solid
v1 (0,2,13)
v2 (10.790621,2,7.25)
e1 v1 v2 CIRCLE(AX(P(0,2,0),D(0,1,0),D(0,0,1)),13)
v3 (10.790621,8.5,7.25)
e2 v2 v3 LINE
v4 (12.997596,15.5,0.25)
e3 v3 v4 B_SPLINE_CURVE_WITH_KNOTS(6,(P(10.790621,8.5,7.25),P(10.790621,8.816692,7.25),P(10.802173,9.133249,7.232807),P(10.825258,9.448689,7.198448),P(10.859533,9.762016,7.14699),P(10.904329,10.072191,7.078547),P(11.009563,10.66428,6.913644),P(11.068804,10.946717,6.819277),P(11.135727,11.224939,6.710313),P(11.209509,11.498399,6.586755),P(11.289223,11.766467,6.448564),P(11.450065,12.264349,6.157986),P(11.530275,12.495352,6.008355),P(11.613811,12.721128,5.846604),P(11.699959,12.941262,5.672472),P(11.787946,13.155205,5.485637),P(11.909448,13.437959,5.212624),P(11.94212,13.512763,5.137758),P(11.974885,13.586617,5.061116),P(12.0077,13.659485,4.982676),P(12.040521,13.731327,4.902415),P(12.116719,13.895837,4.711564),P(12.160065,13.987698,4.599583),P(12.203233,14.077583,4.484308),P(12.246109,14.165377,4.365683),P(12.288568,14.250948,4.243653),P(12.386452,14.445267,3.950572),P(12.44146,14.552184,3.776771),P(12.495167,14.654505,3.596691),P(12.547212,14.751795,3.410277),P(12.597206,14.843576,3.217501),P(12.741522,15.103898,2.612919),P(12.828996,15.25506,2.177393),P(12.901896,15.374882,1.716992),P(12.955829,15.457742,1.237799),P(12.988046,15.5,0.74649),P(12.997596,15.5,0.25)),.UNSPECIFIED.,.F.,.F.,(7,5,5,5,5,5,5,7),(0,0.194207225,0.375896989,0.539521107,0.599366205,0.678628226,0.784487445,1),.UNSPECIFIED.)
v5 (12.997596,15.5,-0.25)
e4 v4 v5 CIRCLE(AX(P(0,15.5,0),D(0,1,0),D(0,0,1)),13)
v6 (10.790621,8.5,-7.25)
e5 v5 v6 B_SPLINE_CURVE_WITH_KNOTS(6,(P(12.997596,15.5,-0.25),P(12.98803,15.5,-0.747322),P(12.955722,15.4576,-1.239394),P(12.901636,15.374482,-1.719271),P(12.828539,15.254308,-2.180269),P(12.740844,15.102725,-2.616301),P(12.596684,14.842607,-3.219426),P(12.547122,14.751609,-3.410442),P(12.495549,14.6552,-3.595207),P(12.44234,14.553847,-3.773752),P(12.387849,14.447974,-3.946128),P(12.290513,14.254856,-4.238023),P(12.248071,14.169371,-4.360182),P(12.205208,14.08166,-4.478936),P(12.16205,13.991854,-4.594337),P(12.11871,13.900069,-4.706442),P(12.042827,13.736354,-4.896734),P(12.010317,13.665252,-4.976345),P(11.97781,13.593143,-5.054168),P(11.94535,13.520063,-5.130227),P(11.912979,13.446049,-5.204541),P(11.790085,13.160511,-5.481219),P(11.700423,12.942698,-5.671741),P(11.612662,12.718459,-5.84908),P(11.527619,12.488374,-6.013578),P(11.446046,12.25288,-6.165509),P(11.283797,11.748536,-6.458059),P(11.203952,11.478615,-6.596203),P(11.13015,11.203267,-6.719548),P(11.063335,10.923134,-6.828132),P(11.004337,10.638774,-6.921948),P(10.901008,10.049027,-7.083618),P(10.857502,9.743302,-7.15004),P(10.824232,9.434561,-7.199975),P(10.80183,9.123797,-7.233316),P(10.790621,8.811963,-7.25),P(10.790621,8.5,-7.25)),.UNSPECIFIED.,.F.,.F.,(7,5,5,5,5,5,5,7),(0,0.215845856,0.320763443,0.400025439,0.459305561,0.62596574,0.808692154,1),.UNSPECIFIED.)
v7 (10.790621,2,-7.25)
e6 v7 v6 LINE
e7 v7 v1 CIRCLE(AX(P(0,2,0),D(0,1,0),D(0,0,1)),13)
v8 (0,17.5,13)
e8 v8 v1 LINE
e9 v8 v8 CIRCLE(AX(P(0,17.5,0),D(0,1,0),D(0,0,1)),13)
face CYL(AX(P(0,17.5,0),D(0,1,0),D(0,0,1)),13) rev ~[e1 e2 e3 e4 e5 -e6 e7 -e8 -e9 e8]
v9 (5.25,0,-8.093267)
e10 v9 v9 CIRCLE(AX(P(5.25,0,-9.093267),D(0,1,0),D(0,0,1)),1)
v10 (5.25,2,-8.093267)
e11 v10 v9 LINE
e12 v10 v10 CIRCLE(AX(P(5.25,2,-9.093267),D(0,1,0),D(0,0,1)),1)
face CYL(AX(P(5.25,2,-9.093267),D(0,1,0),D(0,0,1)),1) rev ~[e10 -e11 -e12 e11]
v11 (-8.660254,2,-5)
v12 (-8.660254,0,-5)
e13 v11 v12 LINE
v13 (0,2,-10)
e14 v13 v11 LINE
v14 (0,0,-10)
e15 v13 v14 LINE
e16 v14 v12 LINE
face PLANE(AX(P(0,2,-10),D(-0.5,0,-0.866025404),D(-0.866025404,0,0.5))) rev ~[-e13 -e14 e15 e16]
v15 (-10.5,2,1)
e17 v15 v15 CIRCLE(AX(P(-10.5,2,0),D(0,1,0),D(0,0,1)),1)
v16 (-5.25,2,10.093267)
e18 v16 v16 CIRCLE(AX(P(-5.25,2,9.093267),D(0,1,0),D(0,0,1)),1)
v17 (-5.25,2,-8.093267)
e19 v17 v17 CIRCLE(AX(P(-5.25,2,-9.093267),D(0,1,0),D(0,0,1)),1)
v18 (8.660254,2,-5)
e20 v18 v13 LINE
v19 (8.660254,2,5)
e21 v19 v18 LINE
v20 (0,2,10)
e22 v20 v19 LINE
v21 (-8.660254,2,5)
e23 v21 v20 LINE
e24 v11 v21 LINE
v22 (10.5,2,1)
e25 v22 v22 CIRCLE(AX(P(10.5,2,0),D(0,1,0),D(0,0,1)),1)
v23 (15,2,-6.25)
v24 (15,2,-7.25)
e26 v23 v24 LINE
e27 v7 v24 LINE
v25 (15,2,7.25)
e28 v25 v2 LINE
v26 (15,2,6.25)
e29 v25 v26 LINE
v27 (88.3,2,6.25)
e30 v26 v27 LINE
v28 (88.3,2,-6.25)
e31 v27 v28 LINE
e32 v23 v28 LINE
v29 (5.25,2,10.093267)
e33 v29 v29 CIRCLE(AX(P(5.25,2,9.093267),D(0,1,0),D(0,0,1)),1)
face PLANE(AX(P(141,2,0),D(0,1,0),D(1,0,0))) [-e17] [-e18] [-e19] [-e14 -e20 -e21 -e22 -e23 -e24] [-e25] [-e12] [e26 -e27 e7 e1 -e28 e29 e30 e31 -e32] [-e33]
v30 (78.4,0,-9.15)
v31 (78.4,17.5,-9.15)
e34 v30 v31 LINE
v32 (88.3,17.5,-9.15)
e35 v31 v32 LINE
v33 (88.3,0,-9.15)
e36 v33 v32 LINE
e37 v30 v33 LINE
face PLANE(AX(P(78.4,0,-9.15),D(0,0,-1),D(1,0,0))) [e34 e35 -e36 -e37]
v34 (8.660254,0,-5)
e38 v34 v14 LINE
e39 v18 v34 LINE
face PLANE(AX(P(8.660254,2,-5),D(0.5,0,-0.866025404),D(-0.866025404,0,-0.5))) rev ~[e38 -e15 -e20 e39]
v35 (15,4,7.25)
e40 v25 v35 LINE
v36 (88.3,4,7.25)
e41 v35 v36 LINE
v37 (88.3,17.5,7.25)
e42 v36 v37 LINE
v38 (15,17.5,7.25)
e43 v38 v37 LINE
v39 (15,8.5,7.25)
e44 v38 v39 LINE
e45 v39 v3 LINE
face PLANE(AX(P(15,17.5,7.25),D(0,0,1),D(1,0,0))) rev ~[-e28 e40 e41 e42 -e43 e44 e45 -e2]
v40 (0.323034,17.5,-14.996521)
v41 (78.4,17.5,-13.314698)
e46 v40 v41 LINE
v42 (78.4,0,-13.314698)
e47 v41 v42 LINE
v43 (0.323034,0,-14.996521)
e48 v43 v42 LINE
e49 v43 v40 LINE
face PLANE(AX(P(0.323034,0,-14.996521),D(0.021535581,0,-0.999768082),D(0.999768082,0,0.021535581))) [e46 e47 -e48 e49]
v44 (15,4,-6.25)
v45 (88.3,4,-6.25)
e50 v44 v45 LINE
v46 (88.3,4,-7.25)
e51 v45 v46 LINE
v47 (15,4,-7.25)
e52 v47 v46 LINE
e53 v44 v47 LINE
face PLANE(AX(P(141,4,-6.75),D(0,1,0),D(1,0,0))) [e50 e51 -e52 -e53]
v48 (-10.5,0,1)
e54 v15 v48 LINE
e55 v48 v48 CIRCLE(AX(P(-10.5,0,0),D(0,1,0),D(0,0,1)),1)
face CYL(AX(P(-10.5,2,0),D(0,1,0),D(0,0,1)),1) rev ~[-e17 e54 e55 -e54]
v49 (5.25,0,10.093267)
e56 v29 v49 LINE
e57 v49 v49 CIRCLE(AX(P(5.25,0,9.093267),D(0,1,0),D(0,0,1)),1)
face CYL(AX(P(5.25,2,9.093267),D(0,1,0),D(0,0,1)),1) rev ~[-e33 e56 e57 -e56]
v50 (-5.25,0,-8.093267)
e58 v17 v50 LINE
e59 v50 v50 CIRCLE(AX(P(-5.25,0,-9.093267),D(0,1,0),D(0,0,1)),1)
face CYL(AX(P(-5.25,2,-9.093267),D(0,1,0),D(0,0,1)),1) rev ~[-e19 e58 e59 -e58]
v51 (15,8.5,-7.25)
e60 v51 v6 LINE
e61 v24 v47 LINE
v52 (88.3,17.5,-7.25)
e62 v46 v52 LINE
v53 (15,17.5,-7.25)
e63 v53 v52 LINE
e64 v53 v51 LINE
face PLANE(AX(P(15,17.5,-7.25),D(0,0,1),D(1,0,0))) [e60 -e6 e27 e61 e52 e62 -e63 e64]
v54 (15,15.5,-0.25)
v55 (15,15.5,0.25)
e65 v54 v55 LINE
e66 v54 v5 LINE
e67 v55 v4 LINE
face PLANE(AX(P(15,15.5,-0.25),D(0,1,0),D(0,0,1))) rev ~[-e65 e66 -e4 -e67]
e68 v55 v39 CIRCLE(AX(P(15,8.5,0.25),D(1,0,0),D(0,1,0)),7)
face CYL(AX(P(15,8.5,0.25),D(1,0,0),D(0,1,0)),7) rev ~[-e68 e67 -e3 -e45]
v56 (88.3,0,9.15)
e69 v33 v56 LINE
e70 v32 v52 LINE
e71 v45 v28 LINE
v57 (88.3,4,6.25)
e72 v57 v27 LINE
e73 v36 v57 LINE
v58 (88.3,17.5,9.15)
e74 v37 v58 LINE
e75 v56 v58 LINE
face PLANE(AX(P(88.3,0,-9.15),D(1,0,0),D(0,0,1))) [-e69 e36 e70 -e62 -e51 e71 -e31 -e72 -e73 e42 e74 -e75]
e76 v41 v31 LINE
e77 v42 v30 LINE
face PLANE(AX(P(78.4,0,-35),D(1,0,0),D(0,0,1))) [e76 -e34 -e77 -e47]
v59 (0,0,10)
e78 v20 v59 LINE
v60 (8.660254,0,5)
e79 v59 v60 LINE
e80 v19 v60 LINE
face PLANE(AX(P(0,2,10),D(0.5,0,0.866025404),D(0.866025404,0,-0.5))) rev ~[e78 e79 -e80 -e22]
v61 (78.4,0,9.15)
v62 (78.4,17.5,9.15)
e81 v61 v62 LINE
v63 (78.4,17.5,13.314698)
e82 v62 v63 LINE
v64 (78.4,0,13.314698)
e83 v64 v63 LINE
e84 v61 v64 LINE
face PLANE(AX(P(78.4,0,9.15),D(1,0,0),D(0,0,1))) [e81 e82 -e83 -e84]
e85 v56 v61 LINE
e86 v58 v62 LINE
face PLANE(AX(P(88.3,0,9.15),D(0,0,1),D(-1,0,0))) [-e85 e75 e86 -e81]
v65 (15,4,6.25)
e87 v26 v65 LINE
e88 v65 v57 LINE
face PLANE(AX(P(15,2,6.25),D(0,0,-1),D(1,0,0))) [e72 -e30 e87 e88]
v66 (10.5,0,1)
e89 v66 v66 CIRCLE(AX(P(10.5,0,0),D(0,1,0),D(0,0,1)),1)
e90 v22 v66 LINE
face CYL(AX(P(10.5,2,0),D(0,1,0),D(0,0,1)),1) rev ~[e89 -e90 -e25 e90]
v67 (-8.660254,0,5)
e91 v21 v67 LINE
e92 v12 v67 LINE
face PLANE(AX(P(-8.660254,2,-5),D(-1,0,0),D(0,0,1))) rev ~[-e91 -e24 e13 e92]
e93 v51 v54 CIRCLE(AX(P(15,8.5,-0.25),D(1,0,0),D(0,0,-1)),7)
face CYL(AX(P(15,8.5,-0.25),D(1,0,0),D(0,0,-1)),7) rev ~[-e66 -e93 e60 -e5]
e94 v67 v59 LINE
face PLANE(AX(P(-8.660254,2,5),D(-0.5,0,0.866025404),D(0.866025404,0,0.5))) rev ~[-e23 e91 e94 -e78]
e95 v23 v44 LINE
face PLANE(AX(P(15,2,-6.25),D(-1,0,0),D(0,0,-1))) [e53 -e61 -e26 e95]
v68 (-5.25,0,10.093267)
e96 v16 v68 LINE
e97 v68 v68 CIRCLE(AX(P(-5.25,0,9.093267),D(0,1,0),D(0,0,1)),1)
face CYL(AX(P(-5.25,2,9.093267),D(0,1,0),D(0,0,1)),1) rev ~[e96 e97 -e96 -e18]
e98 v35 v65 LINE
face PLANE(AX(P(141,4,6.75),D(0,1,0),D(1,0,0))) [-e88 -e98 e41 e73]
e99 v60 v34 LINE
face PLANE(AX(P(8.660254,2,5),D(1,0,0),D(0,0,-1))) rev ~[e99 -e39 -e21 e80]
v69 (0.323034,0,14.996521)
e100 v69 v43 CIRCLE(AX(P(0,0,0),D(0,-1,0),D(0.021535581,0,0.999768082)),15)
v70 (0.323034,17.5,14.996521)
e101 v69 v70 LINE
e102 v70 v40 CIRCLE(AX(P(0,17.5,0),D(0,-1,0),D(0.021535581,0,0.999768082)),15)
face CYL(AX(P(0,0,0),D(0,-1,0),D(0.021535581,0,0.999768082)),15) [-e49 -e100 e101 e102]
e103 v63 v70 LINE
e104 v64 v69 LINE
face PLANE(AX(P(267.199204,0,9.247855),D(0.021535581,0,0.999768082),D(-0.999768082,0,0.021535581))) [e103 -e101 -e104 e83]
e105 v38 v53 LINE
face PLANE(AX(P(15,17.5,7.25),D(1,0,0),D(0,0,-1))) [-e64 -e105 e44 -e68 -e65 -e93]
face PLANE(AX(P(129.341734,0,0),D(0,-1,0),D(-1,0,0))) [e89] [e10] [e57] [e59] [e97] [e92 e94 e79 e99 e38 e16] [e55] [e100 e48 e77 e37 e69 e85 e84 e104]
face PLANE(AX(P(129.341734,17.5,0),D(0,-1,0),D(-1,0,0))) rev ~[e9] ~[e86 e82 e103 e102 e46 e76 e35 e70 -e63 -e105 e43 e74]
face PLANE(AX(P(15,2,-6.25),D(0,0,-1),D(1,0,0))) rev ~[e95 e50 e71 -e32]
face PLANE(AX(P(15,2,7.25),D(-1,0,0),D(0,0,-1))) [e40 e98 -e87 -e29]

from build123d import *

# Parameters (mm, degrees)
BOSS_EXTRUDE1_DEPTH     = 17.5
SKETCH2_W               = 252
SKETCH2_H               = 14.5
CUT_EXTRUDE1_DEPTH      = 15.5
SKETCH3_R               = 13
CUT_EXTRUDE2_DEPTH      = 15.5
CUT_EXTRUDE3_REACH      = 264.265
CUT_EXTRUDE3_END_RADIUS = 13
SKETCH5_W               = 252
SKETCH5_H               = 1
BOSS_EXTRUDE2_DEPTH     = 2
SKETCH6_R               = 1
CUT_EXTRUDE4_DEPTH      = 2
CUT_EXTRUDE9_DEPTH      = 278.209870862


with BuildPart() as part:
    # Sketch1 → Boss-Extrude1 (new body)
    with BuildSketch(Plane(origin=(0, 0, 0), x_dir=(1, 0, 0), z_dir=(0, 1, 0))):
        with BuildLine():
            Line((0.323033708, 14.996521237), (267.19920412, 9.247854763))
            ThreePointArc((267.19920412, 9.247854763), (276.25, 0), (267.19920412, -9.247854763))
            Line((267.19920412, -9.247854763), (0.323033708, -14.996521237))
            ThreePointArc((0.323033708, -14.996521237), (-15, 0), (0.323033708, 14.996521237))
        make_face()
    extrude(amount=BOSS_EXTRUDE1_DEPTH)

    # Sketch2 → Cut-Extrude1 (cut)
    with BuildSketch(Plane(origin=(0, 17.5, 0), x_dir=(1, 0, 0), z_dir=(0, 1, 0))):
        with Locations((141, 0)):
            Rectangle(SKETCH2_W, SKETCH2_H)
    extrude(amount=-CUT_EXTRUDE1_DEPTH, mode=Mode.SUBTRACT)

    # Sketch3 → Cut-Extrude2 (cut)
    with BuildSketch(Plane(origin=(0, 17.5, 0), x_dir=(1, 0, 0), z_dir=(0, 1, 0))):
        with Locations(Location((0, 0, 0), (0, 0, 270))):
            Circle(SKETCH3_R)
    extrude(amount=-CUT_EXTRUDE2_DEPTH, mode=Mode.SUBTRACT)

    # Cut-Extrude3: up to this cylinder (the profile starts outside it)
    cut_extrude3_end = Plane(origin=(0, 8.125709, 0), z_dir=(0, 1, 0)) * Cylinder(CUT_EXTRUDE3_END_RADIUS, 555.53, mode=Mode.PRIVATE)
    # Sketch4 → Cut-Extrude3 (cut, up to the surface)
    with BuildSketch(Plane(origin=(15, 0, 0), x_dir=(0, 0, -1), z_dir=(1, 0, 0)), mode=Mode.PRIVATE) as cut_extrude3_sk1:
        with BuildLine():
            Line((-7.25, 2), (7.25, 2))
            Line((7.25, 2), (7.25, 8.5))
            ThreePointArc((7.25, 8.5), (5.199747468, 13.449747468), (0.25, 15.5))
            Line((0.25, 15.5), (-0.25, 15.5))
            ThreePointArc((-0.25, 15.5), (-5.199747468, 13.449747468), (-7.25, 8.5))
            Line((-7.25, 8.5), (-7.25, 2))
        make_face()
    cut_extrude3_tool1 = extrude(cut_extrude3_sk1.sketch, amount=-CUT_EXTRUDE3_REACH, mode=Mode.PRIVATE) - cut_extrude3_end
    add(cut_extrude3_tool1.solids().sort_by_distance((15, 8.125709, 0))[0], mode=Mode.SUBTRACT)

    # Sketch5 → Boss-Extrude2 (add)
    with BuildSketch(Plane(origin=(0, 2, 0), x_dir=(1, 0, 0), z_dir=(0, 1, 0))):
        with Locations((141, 6.75)):
            Rectangle(SKETCH5_W, SKETCH5_H)
        with Locations((141, -6.75)):
            Rectangle(SKETCH5_W, SKETCH5_H)
    extrude(amount=BOSS_EXTRUDE2_DEPTH)

    # Sketch6 → Cut-Extrude4 (cut)
    with BuildSketch(Plane(origin=(0, 2, 0), x_dir=(1, 0, 0), z_dir=(0, 1, 0))):
        with Locations(Location((-5.25, 9.09326674, 0), (0, 0, 270))):
            Circle(SKETCH6_R)
        with Locations(Location((-10.5, 0, 0), (0, 0, 270))):
            Circle(SKETCH6_R)
        with Locations(Location((5.25, 9.09326674, 0), (0, 0, 270))):
            Circle(SKETCH6_R)
        with Locations(Location((10.5, 0, 0), (0, 0, 270))):
            Circle(SKETCH6_R)
        with Locations(Location((5.25, -9.09326674, 0), (0, 0, 270))):
            Circle(SKETCH6_R)
        with Locations(Location((-5.25, -9.09326674, 0), (0, 0, 270))):
            Circle(SKETCH6_R)
        Polygon((0, -10), (8.660254038, -5), (8.660254038, 5), (0, 10), (-8.660254038, 5), (-8.660254038, -5), align=None)
    extrude(amount=-CUT_EXTRUDE4_DEPTH, mode=Mode.SUBTRACT)

    # Sketch14 → Cut-Extrude9 (cut, through all)
    with BuildSketch(Plane(origin=(0, 0, 0), x_dir=(1, 0, 0), z_dir=(0, 1, 0))):
        Polygon((88.5, 9.35), (78.6, 9.35), (78.6, 35), (78.4, 35), (78.4, 9.15), (88.3, 9.15), (88.3, -9.15), (78.4, -9.15), (78.4, -35), (78.6, -35), (78.6, -9.35), (88.5, -9.35), align=None)
        Polygon((172.7, 9.15), (182.6, 9.15), (182.6, 35), (182.4, 35), (182.4, 9.35), (172.5, 9.35), (172.5, 9.25), (172.5, -9.35), (182.4, -9.35), (182.4, -35), (182.6, -35), (182.6, -9.15), (172.7, -9.15), align=None)
    extrude(amount=CUT_EXTRUDE9_DEPTH, mode=Mode.SUBTRACT)


with BuildPart() as cut_extrude9_kept_piece:
    # of the separate pieces the step leaves, the one the design keeps (cut_extrude9_pieces_kept)
    add(part.part.solids().sort_by_distance((78.4, 0, 13.314698399))[0])


solid = cut_extrude9_kept_piece.part
